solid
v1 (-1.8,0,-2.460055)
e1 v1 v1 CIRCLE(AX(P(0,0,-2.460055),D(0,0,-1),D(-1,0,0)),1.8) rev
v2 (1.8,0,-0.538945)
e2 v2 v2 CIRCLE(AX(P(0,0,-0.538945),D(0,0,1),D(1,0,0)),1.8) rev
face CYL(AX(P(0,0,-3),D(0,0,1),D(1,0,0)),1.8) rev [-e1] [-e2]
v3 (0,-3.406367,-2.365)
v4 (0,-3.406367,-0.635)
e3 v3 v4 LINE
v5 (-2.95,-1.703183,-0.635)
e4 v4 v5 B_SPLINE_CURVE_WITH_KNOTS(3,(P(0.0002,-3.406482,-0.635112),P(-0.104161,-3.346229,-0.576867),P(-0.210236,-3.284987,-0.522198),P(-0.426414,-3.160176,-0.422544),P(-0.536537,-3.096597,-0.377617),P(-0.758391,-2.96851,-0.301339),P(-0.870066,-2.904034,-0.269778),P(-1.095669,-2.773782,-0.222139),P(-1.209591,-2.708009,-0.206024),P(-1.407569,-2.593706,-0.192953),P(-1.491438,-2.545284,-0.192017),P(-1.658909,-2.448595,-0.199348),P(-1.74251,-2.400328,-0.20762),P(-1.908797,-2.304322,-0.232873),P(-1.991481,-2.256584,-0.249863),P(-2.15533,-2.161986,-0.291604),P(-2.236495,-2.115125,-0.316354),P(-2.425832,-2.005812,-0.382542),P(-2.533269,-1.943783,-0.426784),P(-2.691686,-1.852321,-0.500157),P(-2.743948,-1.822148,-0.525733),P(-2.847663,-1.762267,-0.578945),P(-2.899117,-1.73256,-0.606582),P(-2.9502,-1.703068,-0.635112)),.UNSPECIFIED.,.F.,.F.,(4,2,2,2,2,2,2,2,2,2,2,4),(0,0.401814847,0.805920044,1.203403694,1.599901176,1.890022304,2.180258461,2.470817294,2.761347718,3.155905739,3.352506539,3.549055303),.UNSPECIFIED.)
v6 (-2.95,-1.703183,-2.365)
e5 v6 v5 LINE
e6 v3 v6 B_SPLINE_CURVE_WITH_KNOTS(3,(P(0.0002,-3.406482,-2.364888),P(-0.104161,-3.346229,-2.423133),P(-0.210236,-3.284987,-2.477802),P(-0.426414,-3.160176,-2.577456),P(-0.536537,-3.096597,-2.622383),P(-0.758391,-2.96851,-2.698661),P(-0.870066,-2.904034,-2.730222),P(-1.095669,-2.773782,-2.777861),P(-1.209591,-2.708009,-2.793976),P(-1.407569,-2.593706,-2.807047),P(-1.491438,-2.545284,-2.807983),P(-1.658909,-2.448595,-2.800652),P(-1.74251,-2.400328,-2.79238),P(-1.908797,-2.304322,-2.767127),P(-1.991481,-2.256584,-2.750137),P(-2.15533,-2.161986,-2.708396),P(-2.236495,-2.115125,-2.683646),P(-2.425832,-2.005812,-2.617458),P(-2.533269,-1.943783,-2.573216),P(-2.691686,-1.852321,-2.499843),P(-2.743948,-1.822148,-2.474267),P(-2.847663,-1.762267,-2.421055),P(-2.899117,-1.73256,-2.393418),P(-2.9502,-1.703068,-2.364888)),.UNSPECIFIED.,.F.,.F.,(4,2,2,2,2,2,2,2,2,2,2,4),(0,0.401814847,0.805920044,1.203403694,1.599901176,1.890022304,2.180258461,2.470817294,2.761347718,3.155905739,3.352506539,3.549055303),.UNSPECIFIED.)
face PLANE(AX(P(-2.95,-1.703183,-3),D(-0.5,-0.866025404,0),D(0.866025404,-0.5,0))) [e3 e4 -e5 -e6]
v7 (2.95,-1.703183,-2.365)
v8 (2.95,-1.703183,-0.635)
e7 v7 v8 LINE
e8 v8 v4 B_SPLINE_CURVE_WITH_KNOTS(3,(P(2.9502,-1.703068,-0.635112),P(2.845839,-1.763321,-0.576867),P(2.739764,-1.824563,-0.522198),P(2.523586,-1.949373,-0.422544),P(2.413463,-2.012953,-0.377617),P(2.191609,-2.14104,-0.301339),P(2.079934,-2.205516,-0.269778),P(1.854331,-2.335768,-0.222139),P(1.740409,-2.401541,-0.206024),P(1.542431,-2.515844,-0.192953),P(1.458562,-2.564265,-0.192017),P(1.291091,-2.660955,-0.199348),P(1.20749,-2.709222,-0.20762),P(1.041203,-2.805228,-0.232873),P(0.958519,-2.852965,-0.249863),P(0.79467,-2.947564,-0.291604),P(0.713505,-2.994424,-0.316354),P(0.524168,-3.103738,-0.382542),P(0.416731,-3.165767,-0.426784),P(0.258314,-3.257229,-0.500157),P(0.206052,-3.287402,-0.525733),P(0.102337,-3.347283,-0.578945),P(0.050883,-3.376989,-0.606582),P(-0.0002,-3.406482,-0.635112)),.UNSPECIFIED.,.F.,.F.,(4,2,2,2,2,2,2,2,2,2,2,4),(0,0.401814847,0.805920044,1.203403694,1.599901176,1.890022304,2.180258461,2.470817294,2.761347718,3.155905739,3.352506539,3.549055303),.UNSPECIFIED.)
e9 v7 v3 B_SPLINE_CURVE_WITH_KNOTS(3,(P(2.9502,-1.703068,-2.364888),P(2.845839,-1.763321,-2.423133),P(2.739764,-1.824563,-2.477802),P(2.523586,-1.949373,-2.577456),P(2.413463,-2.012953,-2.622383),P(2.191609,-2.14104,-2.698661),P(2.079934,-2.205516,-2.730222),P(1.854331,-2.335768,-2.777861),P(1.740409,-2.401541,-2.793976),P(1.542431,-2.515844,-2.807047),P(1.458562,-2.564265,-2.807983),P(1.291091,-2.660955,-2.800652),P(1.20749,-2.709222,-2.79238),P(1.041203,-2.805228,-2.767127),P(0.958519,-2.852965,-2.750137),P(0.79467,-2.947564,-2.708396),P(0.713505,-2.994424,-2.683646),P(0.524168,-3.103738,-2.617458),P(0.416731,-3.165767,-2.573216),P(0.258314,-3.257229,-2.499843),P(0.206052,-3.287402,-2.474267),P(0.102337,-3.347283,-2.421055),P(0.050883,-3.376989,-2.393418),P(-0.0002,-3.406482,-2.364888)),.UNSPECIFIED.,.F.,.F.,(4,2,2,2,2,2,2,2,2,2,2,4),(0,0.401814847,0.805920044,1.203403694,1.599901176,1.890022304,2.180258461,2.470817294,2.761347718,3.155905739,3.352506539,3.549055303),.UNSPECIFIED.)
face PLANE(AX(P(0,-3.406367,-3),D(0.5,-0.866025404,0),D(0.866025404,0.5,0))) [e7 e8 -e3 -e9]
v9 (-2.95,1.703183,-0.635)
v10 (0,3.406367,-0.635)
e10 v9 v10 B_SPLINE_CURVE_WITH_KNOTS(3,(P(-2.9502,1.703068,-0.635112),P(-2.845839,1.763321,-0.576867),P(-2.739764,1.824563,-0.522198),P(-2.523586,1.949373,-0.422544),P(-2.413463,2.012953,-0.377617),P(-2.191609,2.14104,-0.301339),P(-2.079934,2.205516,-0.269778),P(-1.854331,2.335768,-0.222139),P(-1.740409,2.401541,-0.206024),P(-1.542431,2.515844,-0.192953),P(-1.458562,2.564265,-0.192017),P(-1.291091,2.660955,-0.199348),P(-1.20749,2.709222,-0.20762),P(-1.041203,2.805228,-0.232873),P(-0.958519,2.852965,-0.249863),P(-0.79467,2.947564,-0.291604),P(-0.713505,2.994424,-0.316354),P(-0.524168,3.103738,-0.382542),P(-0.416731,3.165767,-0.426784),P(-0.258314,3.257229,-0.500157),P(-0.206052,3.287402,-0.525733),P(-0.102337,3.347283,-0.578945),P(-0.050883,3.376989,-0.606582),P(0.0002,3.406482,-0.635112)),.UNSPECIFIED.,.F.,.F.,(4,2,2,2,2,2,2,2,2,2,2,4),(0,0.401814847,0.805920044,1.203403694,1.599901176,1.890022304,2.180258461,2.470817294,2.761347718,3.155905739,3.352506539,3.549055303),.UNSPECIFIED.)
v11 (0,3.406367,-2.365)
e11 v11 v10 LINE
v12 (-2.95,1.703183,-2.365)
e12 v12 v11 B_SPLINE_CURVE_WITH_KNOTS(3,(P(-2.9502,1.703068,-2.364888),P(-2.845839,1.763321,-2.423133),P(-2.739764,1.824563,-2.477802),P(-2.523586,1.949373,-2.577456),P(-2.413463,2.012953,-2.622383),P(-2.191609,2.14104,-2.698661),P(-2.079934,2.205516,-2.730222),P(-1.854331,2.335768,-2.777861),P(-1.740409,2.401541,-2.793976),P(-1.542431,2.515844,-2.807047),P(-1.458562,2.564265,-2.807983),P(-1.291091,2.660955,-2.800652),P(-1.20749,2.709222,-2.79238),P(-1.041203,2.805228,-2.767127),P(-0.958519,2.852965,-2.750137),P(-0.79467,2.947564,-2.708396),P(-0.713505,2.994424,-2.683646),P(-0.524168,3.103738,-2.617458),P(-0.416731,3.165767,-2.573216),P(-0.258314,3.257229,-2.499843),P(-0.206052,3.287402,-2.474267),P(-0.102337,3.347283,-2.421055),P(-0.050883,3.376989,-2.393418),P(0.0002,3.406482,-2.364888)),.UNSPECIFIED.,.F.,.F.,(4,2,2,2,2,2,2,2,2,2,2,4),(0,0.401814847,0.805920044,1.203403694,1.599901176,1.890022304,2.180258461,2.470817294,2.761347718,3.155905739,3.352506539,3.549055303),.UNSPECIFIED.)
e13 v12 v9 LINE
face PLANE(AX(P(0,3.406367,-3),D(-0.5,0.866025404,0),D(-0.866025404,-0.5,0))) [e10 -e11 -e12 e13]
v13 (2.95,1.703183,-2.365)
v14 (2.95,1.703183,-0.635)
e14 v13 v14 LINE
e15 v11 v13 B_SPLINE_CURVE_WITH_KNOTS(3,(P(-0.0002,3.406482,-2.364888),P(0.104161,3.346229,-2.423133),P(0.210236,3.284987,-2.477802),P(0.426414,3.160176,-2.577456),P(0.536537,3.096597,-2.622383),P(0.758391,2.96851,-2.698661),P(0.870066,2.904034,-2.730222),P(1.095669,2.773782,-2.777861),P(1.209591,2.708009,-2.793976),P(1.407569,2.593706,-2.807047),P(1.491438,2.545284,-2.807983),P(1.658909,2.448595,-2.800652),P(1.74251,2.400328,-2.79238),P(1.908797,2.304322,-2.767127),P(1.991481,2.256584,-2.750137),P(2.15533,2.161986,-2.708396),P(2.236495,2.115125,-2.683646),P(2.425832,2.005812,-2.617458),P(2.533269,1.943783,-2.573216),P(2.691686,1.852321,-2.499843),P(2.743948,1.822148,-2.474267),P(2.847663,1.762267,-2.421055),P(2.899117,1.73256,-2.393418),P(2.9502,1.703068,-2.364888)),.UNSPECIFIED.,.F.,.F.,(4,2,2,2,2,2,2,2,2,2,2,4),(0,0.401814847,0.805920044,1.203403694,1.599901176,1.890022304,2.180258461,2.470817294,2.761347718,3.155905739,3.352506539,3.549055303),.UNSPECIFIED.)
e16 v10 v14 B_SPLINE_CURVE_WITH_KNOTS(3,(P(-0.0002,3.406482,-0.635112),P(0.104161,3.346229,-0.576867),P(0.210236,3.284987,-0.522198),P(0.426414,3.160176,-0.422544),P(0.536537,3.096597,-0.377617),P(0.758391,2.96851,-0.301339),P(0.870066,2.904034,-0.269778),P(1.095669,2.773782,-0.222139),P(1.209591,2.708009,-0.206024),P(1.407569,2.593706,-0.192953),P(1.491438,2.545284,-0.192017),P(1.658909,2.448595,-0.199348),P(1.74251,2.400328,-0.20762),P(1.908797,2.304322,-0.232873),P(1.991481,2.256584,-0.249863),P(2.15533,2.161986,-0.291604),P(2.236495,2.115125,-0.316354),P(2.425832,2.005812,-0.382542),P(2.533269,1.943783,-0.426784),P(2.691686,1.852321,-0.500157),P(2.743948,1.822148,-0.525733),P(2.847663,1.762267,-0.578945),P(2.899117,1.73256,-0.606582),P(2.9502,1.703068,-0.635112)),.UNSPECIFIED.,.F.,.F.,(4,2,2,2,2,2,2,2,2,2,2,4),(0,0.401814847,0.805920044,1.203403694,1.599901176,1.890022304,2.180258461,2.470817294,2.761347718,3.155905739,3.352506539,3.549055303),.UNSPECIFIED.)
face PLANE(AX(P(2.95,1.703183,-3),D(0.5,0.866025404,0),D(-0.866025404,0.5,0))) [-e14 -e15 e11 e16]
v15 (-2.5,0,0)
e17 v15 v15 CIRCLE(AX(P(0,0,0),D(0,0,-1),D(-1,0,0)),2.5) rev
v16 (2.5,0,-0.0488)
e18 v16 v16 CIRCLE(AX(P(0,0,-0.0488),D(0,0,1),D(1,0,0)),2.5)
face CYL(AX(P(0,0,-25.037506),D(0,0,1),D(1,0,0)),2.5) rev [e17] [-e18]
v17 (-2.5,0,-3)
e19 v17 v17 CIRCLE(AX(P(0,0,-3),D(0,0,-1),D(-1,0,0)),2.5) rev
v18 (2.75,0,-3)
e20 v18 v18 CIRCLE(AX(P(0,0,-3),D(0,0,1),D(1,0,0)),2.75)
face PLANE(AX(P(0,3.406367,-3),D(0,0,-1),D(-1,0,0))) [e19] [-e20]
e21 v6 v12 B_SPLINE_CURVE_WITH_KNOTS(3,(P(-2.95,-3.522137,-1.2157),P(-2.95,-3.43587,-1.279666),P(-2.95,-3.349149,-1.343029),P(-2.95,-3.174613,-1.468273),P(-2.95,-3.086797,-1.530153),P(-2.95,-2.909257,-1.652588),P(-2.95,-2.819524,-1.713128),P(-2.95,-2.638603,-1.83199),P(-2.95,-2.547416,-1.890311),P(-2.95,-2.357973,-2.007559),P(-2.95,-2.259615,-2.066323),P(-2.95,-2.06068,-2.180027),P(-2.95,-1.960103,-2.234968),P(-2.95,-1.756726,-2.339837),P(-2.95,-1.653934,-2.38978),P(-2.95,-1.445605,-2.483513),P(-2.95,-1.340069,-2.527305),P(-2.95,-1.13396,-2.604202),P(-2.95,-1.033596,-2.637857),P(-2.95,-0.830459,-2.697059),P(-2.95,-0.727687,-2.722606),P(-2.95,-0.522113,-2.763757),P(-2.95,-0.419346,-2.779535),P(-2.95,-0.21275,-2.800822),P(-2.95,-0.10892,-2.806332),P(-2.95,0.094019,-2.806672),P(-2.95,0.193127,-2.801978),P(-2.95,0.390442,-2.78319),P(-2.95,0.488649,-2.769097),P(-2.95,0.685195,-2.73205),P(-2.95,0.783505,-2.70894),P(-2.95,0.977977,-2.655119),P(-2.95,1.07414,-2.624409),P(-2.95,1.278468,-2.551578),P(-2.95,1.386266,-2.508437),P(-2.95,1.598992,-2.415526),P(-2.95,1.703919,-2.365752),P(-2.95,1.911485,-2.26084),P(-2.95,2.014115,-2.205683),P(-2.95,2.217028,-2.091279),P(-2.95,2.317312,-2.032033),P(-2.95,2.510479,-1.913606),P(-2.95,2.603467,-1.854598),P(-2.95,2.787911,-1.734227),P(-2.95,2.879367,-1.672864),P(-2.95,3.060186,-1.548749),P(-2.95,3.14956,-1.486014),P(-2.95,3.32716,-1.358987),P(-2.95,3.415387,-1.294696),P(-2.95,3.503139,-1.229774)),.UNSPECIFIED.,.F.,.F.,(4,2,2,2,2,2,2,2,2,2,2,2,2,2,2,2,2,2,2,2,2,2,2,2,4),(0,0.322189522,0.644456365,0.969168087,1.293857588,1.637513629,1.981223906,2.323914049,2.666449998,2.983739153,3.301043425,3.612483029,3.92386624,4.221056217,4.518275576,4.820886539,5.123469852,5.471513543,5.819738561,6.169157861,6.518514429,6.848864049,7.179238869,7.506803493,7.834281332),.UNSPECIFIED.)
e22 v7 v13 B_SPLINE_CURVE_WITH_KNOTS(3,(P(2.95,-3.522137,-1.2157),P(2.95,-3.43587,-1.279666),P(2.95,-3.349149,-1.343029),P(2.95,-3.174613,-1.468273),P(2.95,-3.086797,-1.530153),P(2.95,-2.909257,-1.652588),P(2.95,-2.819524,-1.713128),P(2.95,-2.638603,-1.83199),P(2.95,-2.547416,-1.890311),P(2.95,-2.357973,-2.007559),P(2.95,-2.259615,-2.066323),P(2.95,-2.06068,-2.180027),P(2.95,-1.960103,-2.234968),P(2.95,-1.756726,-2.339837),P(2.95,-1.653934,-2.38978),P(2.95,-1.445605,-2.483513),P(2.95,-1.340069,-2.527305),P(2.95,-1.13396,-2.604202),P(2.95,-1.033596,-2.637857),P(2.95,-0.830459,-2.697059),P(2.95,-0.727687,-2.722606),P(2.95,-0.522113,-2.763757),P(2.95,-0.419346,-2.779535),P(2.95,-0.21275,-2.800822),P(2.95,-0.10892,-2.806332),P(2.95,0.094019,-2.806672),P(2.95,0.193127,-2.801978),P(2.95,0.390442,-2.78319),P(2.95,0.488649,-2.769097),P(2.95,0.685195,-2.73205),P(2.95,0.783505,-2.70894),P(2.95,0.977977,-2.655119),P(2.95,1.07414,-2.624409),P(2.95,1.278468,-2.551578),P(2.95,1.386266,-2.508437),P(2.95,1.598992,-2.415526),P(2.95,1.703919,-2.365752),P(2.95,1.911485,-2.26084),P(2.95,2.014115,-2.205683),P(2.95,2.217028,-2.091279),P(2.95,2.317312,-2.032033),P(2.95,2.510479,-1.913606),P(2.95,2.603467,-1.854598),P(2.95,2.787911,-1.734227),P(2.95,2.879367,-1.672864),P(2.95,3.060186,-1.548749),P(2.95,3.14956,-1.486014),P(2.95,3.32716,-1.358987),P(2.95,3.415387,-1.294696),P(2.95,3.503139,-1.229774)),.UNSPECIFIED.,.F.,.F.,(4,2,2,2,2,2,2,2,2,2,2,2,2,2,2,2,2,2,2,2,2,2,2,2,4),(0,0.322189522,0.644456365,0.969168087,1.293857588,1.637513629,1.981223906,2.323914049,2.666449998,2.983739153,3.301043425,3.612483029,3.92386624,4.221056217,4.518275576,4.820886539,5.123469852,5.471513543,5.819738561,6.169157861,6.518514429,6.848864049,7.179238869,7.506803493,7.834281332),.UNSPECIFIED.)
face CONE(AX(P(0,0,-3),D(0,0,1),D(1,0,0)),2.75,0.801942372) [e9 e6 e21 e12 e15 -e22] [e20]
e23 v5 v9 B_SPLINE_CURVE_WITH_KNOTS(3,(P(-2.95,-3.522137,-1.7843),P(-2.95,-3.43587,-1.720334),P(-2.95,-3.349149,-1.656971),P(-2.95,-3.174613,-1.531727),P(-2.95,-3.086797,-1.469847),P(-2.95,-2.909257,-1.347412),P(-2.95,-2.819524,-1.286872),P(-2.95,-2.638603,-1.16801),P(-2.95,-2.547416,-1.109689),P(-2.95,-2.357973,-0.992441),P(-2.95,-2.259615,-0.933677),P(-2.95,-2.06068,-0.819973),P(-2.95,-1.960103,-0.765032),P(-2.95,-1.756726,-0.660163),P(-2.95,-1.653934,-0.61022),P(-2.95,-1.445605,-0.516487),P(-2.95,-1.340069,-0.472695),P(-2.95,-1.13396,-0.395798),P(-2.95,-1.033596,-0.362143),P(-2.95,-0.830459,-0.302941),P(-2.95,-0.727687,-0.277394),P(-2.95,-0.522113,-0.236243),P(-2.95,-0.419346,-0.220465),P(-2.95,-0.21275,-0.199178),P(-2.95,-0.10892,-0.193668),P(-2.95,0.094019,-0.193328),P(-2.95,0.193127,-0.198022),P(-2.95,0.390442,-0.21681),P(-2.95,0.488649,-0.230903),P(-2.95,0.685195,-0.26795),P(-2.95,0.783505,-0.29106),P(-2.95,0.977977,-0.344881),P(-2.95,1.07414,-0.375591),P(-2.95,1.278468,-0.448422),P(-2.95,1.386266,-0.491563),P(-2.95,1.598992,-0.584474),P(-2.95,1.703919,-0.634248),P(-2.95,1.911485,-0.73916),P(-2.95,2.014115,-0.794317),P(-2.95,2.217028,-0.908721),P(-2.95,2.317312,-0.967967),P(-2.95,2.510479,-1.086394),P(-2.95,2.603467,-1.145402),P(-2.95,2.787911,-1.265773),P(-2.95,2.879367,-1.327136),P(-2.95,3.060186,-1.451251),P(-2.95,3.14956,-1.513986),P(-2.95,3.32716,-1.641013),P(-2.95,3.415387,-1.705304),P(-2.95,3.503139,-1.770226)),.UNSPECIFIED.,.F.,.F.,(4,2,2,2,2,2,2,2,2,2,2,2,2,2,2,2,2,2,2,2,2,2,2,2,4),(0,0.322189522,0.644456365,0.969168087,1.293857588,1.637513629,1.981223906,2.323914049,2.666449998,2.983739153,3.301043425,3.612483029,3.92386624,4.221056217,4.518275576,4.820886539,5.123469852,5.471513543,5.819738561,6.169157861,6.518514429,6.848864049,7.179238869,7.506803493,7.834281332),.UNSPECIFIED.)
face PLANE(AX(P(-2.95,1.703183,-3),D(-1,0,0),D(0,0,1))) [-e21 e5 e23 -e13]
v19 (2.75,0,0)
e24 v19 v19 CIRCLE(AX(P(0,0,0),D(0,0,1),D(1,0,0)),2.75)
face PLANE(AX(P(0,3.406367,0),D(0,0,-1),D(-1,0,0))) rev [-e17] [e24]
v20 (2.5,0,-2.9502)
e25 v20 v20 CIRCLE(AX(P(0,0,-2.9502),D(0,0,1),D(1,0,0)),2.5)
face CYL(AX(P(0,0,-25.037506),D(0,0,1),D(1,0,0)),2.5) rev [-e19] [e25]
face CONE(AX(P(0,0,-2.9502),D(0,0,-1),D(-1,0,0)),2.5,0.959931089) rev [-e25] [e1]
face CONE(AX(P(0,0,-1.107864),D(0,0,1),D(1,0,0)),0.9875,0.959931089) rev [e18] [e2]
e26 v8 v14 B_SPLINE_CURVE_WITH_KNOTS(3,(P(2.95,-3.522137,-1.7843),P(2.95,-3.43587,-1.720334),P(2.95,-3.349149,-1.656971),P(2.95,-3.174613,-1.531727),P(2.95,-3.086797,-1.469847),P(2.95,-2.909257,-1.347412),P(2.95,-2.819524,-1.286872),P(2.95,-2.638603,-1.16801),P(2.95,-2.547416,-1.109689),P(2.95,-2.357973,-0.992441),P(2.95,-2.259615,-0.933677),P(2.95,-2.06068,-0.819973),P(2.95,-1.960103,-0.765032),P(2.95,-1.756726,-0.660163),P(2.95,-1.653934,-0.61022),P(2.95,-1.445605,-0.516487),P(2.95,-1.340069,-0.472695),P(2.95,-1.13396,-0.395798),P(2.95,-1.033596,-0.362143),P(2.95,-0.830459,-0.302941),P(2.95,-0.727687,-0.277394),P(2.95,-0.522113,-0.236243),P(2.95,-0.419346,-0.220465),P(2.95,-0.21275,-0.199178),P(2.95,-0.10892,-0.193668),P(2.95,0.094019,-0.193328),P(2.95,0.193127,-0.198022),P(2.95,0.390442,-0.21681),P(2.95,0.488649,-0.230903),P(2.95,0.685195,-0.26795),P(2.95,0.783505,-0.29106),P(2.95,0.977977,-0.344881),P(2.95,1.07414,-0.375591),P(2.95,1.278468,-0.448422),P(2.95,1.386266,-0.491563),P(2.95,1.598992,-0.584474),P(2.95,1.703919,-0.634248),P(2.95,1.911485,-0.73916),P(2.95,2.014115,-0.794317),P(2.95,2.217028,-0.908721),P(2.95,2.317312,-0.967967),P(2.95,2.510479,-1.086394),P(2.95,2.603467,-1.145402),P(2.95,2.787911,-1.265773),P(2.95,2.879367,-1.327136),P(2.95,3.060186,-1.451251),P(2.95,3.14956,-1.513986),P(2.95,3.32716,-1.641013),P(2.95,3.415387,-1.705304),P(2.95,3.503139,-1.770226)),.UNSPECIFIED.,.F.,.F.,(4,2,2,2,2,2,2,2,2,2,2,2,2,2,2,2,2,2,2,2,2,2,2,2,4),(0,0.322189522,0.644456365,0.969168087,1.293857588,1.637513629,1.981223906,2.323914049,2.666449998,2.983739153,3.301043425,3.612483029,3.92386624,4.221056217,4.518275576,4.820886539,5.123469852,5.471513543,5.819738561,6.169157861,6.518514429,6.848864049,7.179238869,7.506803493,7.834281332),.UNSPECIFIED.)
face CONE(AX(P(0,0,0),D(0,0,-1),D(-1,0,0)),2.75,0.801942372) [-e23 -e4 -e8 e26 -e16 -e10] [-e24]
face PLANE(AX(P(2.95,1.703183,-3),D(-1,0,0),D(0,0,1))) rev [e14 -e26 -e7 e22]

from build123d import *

# Parameters (mm, degrees)
BASENUTSKE_R  = 1.8
BASENUT_DEPTH = 3


with BuildPart() as part:
    # BaseNutSke → BaseNut (new body)
    with BuildSketch(Plane.XY):
        Polygon((2.95, 1.703183294), (2.95, -1.703183294), (0, -3.406366588), (-2.95, -1.703183294), (-2.95, 1.703183294), (0, 3.406366588), align=None)
        Circle(BASENUTSKE_R, mode=Mode.SUBTRACT)
    extrude(amount=-BASENUT_DEPTH)

    # Sketch3 → Double-Chamfer (revolve, cut)
    with BuildSketch(Plane(origin=(0, 0, 0), x_dir=(0, 0, -1), z_dir=(1, 0, 0))):
        Polygon((3, 2.75), (2.365, 3.406366588), (2.365, 16.106366588), (15.7, 16.106366588), (15.7, 2.75), align=None)
        Polygon((0.635, 16.106366588), (-12.7, 16.106366588), (-12.7, 2.75), (0, 2.75), (0.635, 3.406366588), align=None)
    revolve(axis=Axis((0, 0, 0), (0, 0, -1)), mode=Mode.SUBTRACT)

    # Sketch5 → EndChamfer (revolve, cut)
    with BuildSketch(Plane(origin=(0, 0, 0), x_dir=(0, 0, -1), z_dir=(1, 0, 0))):
        Polygon((2.9502, 2.5), (1.891136098, 0.9875), (3.001, 0.9875), (3.001, 2.5), align=None)
        Polygon((-0.002, 2.5), (0.0488, 2.5), (1.107863902, 0.9875), (-0.002, 0.9875), align=None)
    revolve(axis=Axis((0, 0, -25.037505729), (0, 0, -1)), mode=Mode.SUBTRACT)


solid = part.part
